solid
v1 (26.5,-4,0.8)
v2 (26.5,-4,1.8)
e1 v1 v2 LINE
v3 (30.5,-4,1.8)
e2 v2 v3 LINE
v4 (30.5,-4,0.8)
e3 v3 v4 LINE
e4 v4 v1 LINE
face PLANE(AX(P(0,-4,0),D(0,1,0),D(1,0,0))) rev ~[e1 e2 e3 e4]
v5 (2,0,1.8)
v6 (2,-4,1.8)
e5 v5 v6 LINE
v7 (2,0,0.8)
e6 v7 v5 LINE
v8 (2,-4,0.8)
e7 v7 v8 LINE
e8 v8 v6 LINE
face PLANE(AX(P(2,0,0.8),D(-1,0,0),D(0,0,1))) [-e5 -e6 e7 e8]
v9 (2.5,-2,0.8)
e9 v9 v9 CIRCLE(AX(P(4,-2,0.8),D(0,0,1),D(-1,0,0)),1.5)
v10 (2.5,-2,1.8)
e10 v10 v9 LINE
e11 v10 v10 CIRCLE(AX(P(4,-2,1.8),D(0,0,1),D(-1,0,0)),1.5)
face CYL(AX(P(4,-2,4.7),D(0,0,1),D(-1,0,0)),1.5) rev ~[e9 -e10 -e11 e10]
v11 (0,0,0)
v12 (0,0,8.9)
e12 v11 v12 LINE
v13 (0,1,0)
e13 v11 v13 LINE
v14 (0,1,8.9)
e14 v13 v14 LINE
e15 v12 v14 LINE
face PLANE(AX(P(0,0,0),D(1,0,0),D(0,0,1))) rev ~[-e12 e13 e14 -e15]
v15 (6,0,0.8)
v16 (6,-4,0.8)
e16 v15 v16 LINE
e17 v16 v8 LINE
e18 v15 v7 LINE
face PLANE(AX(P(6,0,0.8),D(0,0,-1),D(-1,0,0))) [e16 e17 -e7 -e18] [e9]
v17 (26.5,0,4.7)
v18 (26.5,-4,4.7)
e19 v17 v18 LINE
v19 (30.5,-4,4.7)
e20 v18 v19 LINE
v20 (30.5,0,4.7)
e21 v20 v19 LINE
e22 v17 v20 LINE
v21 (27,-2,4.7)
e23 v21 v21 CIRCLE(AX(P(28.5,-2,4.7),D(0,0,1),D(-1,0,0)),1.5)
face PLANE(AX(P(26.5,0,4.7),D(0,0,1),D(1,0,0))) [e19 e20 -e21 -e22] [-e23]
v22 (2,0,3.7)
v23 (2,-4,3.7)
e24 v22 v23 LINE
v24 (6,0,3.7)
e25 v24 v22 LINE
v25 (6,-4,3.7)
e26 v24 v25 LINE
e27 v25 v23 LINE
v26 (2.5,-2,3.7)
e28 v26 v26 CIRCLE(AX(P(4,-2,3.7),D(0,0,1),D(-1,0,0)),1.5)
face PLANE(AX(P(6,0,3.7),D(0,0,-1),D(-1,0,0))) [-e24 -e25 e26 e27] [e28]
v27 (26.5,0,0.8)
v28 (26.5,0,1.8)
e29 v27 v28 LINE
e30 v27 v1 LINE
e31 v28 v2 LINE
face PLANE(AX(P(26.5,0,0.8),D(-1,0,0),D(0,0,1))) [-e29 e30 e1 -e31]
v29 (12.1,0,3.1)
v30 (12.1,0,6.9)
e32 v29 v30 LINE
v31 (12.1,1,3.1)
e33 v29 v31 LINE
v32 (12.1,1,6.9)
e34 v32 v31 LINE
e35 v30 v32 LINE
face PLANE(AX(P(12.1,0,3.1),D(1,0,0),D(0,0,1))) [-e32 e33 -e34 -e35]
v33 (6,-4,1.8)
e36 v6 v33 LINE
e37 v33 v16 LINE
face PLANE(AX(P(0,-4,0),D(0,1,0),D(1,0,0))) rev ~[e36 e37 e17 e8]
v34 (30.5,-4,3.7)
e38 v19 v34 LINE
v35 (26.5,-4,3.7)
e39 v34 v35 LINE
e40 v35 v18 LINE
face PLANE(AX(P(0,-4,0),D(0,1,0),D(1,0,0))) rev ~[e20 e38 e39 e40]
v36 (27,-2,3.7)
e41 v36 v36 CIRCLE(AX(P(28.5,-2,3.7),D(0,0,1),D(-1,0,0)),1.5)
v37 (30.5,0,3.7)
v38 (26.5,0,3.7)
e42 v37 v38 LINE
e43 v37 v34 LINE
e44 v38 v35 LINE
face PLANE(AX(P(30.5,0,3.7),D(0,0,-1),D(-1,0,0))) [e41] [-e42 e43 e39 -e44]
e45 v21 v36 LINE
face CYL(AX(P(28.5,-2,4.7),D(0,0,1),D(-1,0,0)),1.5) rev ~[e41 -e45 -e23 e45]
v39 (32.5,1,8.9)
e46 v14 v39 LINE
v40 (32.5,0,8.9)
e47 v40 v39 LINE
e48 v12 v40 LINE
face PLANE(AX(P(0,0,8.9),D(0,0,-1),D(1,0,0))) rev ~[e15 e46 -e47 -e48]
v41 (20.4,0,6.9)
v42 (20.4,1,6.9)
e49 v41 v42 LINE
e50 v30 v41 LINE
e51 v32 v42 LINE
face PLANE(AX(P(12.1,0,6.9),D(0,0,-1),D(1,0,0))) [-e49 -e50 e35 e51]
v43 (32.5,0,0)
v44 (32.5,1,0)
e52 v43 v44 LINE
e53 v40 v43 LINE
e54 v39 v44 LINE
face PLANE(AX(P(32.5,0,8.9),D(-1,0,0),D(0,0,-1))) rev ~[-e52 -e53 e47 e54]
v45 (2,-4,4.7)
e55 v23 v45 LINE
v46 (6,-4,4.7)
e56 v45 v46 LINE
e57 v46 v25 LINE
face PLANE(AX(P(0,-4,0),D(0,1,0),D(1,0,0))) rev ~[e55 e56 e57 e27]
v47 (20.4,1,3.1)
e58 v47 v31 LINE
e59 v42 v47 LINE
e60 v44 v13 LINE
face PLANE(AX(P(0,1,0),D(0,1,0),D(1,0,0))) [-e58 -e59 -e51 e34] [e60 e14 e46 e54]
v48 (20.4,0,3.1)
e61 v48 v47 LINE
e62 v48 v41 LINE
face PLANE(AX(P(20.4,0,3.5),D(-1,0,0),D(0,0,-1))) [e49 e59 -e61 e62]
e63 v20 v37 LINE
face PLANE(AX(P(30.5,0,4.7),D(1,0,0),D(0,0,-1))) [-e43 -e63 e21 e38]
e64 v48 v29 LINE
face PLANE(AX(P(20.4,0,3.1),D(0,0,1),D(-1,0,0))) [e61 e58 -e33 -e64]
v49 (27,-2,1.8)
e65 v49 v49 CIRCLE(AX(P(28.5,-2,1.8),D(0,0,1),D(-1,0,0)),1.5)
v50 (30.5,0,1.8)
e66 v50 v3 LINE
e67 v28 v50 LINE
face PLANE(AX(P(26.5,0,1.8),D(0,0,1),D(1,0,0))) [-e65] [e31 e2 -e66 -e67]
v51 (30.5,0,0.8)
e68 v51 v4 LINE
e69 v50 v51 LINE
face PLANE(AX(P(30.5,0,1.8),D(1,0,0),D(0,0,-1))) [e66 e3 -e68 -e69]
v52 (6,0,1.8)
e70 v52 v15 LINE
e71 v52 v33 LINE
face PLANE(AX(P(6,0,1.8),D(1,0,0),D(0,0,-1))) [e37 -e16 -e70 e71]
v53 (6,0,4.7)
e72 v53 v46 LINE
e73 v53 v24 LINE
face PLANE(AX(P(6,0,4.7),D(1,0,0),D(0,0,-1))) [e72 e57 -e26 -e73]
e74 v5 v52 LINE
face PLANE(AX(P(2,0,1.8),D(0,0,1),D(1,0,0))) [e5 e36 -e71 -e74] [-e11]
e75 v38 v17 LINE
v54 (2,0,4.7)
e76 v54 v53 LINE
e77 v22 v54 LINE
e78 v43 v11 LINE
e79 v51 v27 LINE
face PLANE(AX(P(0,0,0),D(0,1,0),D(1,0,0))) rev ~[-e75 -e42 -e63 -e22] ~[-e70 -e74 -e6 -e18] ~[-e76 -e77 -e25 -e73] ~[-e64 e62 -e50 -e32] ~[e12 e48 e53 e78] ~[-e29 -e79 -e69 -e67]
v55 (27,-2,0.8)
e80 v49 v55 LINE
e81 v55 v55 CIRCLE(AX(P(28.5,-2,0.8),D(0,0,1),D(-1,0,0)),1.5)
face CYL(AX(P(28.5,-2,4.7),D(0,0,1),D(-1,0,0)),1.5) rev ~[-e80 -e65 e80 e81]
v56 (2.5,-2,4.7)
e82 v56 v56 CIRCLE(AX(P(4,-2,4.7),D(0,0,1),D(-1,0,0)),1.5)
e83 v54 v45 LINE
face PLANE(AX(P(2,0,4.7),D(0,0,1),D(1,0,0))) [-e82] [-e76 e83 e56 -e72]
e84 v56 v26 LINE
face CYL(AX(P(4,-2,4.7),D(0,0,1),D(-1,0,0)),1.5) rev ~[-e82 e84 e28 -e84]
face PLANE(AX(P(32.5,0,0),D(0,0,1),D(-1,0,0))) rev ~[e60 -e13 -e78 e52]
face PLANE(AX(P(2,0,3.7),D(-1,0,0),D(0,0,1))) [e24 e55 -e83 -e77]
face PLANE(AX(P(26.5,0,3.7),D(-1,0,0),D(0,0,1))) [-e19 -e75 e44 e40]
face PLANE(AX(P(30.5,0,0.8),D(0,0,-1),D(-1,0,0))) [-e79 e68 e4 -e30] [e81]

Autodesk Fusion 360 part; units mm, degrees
sketch "Sketch1" plane through (0, 0, 0) normal (0, 1, 0) x (1, 0, 0)
  line L0 (2, -3.5) -> (30.5, -3.5)
  line L1 (30.5, -3.5) -> (30.5, -2)
  line L2 (30.5, -2) -> (2, -2)
  line L3 (2, -2) -> (2, -3.5)
  line L4 (12.5, -3.5) -> (20, -3.5)
  line L5 (20, -3.5) -> (20, -6.5)
  line L6 (20, -6.5) -> (12.5, -6.5)
  line L7 (12.5, -6.5) -> (12.5, -3.5)
  line L8 (12.1, -6.9) -> (20.4, -6.9)
  line L9 (20.4, -6.9) -> (20.4, -3.1)
  line L10 (20.4, -3.1) -> (12.1, -3.1)
  line L11 (12.1, -3.1) -> (12.1, -6.9)
  line L12 (0, -8.9) -> (32.5, -8.9)
  line L13 (32.5, -8.9) -> (32.5, 0)
  line L14 (32.5, 0) -> (0, 0)
  line L15 (0, 0) -> (0, -8.9)
  line L16 (30.5, -3.7) -> (26.5, -3.7)
  line L17 (26.5, -3.7) -> (26.5, -4.7)
  line L18 (26.5, -4.7) -> (30.5, -4.7)
  line L19 (30.5, -4.7) -> (30.5, -3.7)
  line L20 (26.5, -1.8) -> (30.5, -1.8)
  line L21 (30.5, -1.8) -> (30.5, -0.8)
  line L22 (30.5, -0.8) -> (26.5, -0.8)
  line L23 (26.5, -0.8) -> (26.5, -1.8)
  line L24 (2, -4.7) -> (6, -4.7)
  line L25 (6, -4.7) -> (6, -3.7)
  line L26 (6, -3.7) -> (2, -3.7)
  line L27 (2, -3.7) -> (2, -4.7)
  line L28 (2, -1.8) -> (6, -1.8)
  line L29 (6, -1.8) -> (6, -0.8)
  line L30 (6, -0.8) -> (2, -0.8)
  line L31 (2, -0.8) -> (2, -1.8)
  dimension "d1" = 28.5
  dimension "d2" = 1.5
  dimension "d3" = 7.5
  dimension "d4" = 3
  dimension "d5" = 10.5
  dimension "d6" = 0.4
  dimension "d7" = 0.4
  dimension "d8" = 0.4
  dimension "d9" = 0.4
  dimension "d10" = 2
  dimension "d11" = 2
  dimension "d12" = 2
  dimension "d13" = 2
  dimension "d30" = 4
  dimension "d31" = 1
  dimension "d32" = 0.2
  dimension "d33" = 4
  dimension "d34" = 4
  dimension "d35" = 1
  dimension "d36" = 0.2
  dimension "d37" = 4
  dimension "d38" = 4
  dimension "d39" = 1
  dimension "d40" = 4
  dimension "d41" = 1
  dimension "d42" = 4
  dimension "d43" = 4
  dimension "d44" = 0.2
  dimension "d45" = 0.2
extrude "Extrude1" add sketch "Sketch1" along normal blind 2 contours L0 L1 L2 L3 L9 L10 L11 | L12 L13 L14 L15 | L16 L17 L18 L19 | L20 L21 L22 L23 | L24 L25 L26 L27 | L28 L29 L30 L31
extrude "Extrude4" cut 1 faces at (28.4667, 2, 4) along direction (0, -1, 0) blind 1
extrude "Extrude5" add sketch "Sketch1" against normal blind 4 contours L16 L17 L18 L19 | L20 L21 L22 L23 | L24 L25 L26 L27 | L28 L29 L30 L31
sketch "Sketch3" plane through (0, 0, 4.7) normal (0, 0, 1) x (-1, 0, 0)
  line L0 (-6, 0) -> (-2, 0)
  line L1 (-2, 0) -> (-2, 4)
  line L2 (-2, 4) -> (-6, 4)
  line L3 (-6, 4) -> (-6, 0)
  circle A0 centre (-4, 2) radius 1.5
  circle A1 centre (-28.5, 2) radius 1.5
  dimension "d50" = 3
  dimension "d51" = 3
extrude "Extrude6" cut sketch "Sketch3" against normal blind 8 contours A0 | A1
equation "d5 = ( 21 / 2 ) * 1 mm"
